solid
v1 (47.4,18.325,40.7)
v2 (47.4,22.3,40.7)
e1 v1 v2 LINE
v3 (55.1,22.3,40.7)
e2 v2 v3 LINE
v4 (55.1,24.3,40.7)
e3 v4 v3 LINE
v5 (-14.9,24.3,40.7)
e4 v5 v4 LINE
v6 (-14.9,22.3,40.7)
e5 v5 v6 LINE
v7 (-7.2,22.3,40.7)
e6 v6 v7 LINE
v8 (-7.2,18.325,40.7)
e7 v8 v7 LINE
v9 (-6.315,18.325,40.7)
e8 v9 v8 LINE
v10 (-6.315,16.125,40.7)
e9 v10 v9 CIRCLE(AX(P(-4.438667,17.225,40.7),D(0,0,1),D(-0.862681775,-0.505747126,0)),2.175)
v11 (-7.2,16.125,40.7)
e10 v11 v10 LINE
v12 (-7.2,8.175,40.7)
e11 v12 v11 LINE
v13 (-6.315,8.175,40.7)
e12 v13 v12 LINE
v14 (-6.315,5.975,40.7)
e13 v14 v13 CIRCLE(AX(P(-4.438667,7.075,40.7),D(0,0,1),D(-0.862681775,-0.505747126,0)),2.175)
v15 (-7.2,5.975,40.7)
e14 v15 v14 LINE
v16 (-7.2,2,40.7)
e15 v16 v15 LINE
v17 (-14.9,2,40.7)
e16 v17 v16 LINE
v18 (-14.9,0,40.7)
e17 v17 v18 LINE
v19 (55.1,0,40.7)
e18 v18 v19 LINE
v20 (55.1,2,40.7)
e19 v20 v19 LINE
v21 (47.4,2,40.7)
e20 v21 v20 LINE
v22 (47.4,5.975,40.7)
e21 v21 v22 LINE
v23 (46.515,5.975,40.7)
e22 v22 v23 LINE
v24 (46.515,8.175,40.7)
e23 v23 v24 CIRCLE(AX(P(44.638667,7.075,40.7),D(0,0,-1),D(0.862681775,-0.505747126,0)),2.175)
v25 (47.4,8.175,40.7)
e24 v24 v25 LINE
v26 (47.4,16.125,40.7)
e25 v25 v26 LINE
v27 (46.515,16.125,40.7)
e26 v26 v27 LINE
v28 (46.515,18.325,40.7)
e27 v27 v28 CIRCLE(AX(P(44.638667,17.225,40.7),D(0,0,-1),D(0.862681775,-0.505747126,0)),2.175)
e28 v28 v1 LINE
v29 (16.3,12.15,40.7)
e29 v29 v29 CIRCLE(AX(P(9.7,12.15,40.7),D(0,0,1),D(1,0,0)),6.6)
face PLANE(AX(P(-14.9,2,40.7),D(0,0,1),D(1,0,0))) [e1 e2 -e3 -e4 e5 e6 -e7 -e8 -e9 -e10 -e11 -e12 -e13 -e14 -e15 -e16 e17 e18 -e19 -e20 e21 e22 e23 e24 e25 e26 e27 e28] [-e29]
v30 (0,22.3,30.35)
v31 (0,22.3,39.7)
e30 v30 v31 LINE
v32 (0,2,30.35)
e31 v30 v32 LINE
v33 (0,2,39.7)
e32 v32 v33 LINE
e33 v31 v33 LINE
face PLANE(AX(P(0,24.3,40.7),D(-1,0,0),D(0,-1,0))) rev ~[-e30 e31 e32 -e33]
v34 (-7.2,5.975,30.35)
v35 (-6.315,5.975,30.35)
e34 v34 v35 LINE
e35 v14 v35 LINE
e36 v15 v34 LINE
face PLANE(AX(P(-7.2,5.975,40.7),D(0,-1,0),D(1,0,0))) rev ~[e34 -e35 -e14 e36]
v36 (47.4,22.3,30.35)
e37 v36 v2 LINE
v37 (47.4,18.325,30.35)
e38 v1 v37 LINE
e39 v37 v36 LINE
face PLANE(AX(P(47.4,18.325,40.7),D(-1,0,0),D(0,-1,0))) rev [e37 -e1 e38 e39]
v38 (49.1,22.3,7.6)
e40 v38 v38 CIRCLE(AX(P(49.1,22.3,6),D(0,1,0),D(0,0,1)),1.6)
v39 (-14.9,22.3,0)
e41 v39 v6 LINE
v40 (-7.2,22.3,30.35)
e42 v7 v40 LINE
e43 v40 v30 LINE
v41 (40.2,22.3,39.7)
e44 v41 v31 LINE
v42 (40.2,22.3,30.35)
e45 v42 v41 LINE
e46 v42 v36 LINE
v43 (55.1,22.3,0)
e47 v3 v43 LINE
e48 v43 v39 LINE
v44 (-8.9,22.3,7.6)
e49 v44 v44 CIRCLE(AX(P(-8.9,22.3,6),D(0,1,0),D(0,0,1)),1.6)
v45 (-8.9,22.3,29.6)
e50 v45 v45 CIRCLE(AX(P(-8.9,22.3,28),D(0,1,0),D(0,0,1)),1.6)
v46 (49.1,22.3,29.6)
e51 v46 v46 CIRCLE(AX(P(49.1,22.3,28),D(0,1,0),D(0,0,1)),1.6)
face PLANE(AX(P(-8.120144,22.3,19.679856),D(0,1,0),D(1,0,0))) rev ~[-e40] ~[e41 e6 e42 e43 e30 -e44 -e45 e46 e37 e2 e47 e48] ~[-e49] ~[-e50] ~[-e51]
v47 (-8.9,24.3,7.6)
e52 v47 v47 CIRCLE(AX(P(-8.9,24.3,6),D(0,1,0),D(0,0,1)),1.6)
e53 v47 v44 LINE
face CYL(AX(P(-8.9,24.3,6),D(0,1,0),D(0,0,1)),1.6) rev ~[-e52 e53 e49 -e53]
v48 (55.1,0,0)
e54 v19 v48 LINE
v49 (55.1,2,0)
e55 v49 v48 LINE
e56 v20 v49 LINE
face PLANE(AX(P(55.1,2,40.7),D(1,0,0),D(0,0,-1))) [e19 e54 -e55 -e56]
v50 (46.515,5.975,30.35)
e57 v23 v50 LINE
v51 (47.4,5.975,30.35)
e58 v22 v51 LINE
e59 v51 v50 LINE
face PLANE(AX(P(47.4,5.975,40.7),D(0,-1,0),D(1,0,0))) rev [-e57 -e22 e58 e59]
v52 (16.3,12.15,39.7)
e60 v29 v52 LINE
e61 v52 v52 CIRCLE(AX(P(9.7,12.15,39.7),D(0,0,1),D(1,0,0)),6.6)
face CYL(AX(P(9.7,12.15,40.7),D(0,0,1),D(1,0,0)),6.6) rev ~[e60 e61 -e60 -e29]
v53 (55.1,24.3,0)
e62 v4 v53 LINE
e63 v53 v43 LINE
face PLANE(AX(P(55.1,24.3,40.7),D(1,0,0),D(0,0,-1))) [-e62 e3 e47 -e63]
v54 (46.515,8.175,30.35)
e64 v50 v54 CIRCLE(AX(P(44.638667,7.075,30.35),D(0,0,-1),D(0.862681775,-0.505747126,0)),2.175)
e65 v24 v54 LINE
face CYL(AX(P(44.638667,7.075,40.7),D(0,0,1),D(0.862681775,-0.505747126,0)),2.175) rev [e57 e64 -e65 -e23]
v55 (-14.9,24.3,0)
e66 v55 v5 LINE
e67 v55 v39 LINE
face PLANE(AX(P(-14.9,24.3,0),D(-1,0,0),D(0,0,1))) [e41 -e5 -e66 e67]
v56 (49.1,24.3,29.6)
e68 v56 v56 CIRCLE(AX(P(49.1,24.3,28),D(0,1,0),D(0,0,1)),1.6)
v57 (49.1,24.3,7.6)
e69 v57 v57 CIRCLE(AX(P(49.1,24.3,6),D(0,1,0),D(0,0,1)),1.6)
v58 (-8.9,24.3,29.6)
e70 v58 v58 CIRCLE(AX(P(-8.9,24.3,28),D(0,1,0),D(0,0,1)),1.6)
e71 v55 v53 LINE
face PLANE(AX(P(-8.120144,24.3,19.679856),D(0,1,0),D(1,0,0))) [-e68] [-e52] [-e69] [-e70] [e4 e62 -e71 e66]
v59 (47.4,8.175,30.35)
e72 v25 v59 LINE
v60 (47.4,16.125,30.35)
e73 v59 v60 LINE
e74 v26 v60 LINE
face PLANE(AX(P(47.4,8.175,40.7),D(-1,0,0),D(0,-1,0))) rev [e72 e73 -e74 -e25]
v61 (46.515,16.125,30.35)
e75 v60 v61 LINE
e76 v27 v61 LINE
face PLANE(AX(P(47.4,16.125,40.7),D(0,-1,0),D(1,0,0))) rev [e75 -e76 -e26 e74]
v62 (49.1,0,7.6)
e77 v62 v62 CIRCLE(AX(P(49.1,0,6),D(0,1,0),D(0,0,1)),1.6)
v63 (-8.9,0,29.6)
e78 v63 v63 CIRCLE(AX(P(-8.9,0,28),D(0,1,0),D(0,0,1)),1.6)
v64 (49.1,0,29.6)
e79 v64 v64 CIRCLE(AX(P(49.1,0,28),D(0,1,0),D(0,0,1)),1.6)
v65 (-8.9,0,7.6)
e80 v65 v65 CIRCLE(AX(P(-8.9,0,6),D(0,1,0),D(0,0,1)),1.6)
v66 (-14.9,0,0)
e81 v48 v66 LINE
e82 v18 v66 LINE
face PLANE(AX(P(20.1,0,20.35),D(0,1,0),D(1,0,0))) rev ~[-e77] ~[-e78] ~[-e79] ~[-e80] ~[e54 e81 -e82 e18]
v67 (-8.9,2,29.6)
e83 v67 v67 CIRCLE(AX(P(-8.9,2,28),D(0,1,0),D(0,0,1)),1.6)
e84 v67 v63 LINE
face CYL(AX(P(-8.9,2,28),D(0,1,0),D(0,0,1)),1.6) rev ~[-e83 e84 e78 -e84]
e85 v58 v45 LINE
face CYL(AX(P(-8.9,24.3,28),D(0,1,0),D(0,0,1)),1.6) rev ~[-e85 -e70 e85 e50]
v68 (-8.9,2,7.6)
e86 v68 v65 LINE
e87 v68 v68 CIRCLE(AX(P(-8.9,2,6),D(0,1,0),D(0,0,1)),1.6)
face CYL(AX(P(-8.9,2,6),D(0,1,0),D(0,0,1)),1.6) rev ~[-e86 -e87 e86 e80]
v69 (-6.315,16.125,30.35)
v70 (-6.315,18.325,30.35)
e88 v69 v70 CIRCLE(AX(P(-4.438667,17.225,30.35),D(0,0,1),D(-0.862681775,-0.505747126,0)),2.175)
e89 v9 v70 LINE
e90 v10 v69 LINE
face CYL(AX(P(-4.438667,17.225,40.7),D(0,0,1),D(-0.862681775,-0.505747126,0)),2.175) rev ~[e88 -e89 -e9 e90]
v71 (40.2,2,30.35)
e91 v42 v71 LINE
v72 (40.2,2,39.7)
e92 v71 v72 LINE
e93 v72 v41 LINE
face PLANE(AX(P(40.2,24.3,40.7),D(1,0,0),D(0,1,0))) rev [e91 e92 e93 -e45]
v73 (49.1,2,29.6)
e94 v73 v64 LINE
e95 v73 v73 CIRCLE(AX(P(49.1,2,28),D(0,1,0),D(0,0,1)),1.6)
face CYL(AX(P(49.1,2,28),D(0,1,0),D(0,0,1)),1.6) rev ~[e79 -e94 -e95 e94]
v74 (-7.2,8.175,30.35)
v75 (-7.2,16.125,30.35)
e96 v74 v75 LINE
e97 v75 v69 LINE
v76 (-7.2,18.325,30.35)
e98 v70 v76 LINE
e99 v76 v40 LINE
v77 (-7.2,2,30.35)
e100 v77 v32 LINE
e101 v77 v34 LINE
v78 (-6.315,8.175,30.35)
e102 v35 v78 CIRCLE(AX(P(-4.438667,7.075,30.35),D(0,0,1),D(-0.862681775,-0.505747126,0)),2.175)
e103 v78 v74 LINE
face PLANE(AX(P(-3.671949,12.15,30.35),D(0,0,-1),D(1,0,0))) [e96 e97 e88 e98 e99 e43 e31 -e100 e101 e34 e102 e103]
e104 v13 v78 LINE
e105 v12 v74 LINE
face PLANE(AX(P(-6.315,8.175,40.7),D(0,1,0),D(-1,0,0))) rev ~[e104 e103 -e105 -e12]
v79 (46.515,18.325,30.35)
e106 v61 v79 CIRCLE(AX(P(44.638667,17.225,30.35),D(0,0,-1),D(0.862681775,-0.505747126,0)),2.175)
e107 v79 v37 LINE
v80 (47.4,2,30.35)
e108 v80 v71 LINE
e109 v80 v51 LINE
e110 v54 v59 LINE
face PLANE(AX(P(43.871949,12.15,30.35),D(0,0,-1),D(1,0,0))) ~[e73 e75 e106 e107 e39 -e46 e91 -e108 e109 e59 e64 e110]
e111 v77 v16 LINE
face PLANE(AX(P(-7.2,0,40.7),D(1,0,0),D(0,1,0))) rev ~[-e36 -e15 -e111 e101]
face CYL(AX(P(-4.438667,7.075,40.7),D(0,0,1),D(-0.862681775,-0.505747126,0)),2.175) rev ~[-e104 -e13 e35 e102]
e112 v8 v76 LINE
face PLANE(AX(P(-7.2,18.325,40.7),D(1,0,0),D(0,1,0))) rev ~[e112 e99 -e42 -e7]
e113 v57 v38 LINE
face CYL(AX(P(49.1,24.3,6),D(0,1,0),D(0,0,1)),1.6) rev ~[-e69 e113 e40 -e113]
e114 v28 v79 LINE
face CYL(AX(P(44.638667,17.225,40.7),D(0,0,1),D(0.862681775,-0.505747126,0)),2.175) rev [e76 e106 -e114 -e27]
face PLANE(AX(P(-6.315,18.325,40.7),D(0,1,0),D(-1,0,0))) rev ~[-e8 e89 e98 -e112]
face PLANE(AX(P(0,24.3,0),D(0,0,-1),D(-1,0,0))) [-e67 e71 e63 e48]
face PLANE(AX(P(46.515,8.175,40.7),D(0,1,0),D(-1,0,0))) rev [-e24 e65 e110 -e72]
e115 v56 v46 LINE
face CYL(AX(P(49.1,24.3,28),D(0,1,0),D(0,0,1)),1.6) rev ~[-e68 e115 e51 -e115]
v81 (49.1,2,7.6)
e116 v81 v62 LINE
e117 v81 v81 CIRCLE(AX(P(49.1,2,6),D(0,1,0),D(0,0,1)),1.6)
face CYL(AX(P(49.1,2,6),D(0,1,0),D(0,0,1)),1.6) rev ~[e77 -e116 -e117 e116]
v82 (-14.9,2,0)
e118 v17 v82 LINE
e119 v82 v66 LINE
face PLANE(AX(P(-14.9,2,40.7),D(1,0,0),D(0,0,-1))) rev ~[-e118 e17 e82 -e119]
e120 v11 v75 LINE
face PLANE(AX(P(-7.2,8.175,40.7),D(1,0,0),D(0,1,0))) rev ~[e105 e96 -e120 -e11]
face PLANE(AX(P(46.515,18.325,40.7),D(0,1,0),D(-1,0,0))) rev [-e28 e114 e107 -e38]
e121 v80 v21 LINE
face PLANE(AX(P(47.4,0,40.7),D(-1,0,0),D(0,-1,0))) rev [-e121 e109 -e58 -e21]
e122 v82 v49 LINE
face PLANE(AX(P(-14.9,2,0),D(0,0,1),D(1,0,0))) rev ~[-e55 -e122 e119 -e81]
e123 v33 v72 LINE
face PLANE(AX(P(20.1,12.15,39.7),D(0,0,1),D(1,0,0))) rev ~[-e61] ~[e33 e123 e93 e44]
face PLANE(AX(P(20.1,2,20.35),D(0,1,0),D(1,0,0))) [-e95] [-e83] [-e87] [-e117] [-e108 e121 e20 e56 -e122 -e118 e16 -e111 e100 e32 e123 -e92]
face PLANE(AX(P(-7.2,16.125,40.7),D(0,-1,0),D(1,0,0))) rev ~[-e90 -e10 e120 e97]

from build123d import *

# Parameters (mm, degrees)
SKETCH1_W             = 40.2
SKETCH1_H             = 2
BOSS_EXTRUDE1_DEPTH   = 40.7
BOSS_EXTRUDE1_2_DEPTH = 40.7
BOSS_EXTRUDE3_START   = 40.7
SKETCH1_3_R           = 6.6
BOSS_EXTRUDE3_DEPTH   = 1
BOSS_EXTRUDE2_START   = -1
BOSS_EXTRUDE2_DEPTH   = 10.35
SKETCH4_R             = 1.6
BOSS_EXTRUDE4_DEPTH   = 2
BOSS_EXTRUDE5_START   = -22.3
SKETCH4_3_W           = 70
SKETCH4_3_H           = 40.7
SKETCH4_3_R           = 1.6
BOSS_EXTRUDE5_DEPTH   = 2


with BuildPart() as part:
    # Sketch1 → Boss-Extrude1 (new body)
    with BuildSketch(Plane.XY):
        with Locations((20.1, 23.3)):
            Rectangle(SKETCH1_W, SKETCH1_H)
    extrude(amount=BOSS_EXTRUDE1_DEPTH)



with BuildPart() as body_2:
    # Sketch1 → Boss-Extrude1 2 (new body)
    with BuildSketch(Plane.XY):
        Polygon((0, 2), (0, 0), (40.2, 0), (40.2, 2), (40.1, 2), (0.1, 2), align=None)
    extrude(amount=BOSS_EXTRUDE1_2_DEPTH)


with BuildPart() as part_1:
    add(part.part)

    add(body_2.part)  # Boss-Extrude3 merges body 2
    # Sketch1<3> → Boss-Extrude3 (add)
    with BuildSketch(Plane.XY.offset(BOSS_EXTRUDE3_START)):
        Polygon((0, 22.3), (0, 2), (0.1, 2), (40.1, 2), (40.2, 2), (40.2, 22.3), align=None)
        with Locations((9.7, 12.15)):
            Circle(SKETCH1_3_R, mode=Mode.SUBTRACT)
    extrude(amount=-BOSS_EXTRUDE3_DEPTH)

    # Sketch3 → Boss-Extrude2 (add)
    with BuildSketch(Plane(origin=(0, -15.7, 39.7), x_dir=(1, 0, 0), z_dir=(0, 0, -1)).offset(BOSS_EXTRUDE2_START)):
        with BuildLine():
            ThreePointArc((-6.315, -21.675), (-2.26366714, -22.775), (-6.315, -23.875))
            Line((-6.315, -23.875), (-7.2, -23.875))
            Line((-7.2, -23.875), (-7.2, -31.825))
            Line((-7.2, -31.825), (-6.315, -31.825))
            ThreePointArc((-6.315, -31.825), (-2.26366714, -32.925), (-6.315, -34.025))
            Line((-6.315, -34.025), (-7.2, -34.025))
            Line((-7.2, -34.025), (-7.2, -40))
            Line((-7.2, -40), (0, -40))
            Line((0, -40), (0, -15.7))
            Line((0, -15.7), (-7.2, -15.7))
            Line((-7.2, -15.7), (-7.2, -21.675))
            Line((-7.2, -21.675), (-6.315, -21.675))
        make_face()
    boss_extrude2 = extrude(amount=BOSS_EXTRUDE2_DEPTH)

    # Mirror1: Boss-Extrude2 across plane
    add(boss_extrude2.mirror(Plane(origin=(20.1, 0, 0), x_dir=(0, 0, 1), z_dir=(1, 0, 0))))

    # Sketch4 → Boss-Extrude4 (add)
    # profile 1 of 2: a face of its own
    with BuildSketch(Plane(origin=(0, 24.3, 0), x_dir=(1, 0, 0), z_dir=(0, 1, 0))):
        Polygon((0, 0), (-14.9, 0), (-14.9, -40.7), (-7.2, -40.7), (-7.2, -30.35), (0, -30.35), align=None)
        with Locations(Location((-8.9, -28, 0), (0, 0, 270))):
            Circle(SKETCH4_R, mode=Mode.SUBTRACT)
        with Locations(Location((-8.9, -6, 0), (0, 0, 270))):
            Circle(SKETCH4_R, mode=Mode.SUBTRACT)
    # profile 2 of 2: a face of its own
    with BuildSketch(Plane(origin=(0, 24.3, 0), x_dir=(1, 0, 0), z_dir=(0, 1, 0))):
        Polygon((55.1, 0), (40.2, 0), (40.2, -30.35), (47.4, -30.35), (47.4, -40.7), (55.1, -40.7), align=None)
        with Locations(Location((49.1, -28, 0), (0, 0, 270))):
            Circle(SKETCH4_R, mode=Mode.SUBTRACT)
        with Locations(Location((49.1, -6, 0), (0, 0, 270))):
            Circle(SKETCH4_R, mode=Mode.SUBTRACT)
    extrude(amount=-BOSS_EXTRUDE4_DEPTH)

    # Sketch4<3> → Boss-Extrude5 (add)
    with BuildSketch(Plane(origin=(0, 24.3, 0), x_dir=(1, 0, 0), z_dir=(0, 1, 0)).offset(BOSS_EXTRUDE5_START)):
        with Locations((20.1, -20.35)):
            Rectangle(SKETCH4_3_W, SKETCH4_3_H)
        with Locations(Location((-8.9, -6, 0), (0, 0, 270))):
            Circle(SKETCH4_3_R, mode=Mode.SUBTRACT)
        with Locations(Location((49.1, -6, 0), (0, 0, 270))):
            Circle(SKETCH4_3_R, mode=Mode.SUBTRACT)
        with Locations(Location((49.1, -28, 0), (0, 0, 270))):
            Circle(SKETCH4_3_R, mode=Mode.SUBTRACT)
        with Locations(Location((-8.9, -28, 0), (0, 0, 270))):
            Circle(SKETCH4_3_R, mode=Mode.SUBTRACT)
    extrude(amount=-BOSS_EXTRUDE5_DEPTH)


solid = part_1.part
